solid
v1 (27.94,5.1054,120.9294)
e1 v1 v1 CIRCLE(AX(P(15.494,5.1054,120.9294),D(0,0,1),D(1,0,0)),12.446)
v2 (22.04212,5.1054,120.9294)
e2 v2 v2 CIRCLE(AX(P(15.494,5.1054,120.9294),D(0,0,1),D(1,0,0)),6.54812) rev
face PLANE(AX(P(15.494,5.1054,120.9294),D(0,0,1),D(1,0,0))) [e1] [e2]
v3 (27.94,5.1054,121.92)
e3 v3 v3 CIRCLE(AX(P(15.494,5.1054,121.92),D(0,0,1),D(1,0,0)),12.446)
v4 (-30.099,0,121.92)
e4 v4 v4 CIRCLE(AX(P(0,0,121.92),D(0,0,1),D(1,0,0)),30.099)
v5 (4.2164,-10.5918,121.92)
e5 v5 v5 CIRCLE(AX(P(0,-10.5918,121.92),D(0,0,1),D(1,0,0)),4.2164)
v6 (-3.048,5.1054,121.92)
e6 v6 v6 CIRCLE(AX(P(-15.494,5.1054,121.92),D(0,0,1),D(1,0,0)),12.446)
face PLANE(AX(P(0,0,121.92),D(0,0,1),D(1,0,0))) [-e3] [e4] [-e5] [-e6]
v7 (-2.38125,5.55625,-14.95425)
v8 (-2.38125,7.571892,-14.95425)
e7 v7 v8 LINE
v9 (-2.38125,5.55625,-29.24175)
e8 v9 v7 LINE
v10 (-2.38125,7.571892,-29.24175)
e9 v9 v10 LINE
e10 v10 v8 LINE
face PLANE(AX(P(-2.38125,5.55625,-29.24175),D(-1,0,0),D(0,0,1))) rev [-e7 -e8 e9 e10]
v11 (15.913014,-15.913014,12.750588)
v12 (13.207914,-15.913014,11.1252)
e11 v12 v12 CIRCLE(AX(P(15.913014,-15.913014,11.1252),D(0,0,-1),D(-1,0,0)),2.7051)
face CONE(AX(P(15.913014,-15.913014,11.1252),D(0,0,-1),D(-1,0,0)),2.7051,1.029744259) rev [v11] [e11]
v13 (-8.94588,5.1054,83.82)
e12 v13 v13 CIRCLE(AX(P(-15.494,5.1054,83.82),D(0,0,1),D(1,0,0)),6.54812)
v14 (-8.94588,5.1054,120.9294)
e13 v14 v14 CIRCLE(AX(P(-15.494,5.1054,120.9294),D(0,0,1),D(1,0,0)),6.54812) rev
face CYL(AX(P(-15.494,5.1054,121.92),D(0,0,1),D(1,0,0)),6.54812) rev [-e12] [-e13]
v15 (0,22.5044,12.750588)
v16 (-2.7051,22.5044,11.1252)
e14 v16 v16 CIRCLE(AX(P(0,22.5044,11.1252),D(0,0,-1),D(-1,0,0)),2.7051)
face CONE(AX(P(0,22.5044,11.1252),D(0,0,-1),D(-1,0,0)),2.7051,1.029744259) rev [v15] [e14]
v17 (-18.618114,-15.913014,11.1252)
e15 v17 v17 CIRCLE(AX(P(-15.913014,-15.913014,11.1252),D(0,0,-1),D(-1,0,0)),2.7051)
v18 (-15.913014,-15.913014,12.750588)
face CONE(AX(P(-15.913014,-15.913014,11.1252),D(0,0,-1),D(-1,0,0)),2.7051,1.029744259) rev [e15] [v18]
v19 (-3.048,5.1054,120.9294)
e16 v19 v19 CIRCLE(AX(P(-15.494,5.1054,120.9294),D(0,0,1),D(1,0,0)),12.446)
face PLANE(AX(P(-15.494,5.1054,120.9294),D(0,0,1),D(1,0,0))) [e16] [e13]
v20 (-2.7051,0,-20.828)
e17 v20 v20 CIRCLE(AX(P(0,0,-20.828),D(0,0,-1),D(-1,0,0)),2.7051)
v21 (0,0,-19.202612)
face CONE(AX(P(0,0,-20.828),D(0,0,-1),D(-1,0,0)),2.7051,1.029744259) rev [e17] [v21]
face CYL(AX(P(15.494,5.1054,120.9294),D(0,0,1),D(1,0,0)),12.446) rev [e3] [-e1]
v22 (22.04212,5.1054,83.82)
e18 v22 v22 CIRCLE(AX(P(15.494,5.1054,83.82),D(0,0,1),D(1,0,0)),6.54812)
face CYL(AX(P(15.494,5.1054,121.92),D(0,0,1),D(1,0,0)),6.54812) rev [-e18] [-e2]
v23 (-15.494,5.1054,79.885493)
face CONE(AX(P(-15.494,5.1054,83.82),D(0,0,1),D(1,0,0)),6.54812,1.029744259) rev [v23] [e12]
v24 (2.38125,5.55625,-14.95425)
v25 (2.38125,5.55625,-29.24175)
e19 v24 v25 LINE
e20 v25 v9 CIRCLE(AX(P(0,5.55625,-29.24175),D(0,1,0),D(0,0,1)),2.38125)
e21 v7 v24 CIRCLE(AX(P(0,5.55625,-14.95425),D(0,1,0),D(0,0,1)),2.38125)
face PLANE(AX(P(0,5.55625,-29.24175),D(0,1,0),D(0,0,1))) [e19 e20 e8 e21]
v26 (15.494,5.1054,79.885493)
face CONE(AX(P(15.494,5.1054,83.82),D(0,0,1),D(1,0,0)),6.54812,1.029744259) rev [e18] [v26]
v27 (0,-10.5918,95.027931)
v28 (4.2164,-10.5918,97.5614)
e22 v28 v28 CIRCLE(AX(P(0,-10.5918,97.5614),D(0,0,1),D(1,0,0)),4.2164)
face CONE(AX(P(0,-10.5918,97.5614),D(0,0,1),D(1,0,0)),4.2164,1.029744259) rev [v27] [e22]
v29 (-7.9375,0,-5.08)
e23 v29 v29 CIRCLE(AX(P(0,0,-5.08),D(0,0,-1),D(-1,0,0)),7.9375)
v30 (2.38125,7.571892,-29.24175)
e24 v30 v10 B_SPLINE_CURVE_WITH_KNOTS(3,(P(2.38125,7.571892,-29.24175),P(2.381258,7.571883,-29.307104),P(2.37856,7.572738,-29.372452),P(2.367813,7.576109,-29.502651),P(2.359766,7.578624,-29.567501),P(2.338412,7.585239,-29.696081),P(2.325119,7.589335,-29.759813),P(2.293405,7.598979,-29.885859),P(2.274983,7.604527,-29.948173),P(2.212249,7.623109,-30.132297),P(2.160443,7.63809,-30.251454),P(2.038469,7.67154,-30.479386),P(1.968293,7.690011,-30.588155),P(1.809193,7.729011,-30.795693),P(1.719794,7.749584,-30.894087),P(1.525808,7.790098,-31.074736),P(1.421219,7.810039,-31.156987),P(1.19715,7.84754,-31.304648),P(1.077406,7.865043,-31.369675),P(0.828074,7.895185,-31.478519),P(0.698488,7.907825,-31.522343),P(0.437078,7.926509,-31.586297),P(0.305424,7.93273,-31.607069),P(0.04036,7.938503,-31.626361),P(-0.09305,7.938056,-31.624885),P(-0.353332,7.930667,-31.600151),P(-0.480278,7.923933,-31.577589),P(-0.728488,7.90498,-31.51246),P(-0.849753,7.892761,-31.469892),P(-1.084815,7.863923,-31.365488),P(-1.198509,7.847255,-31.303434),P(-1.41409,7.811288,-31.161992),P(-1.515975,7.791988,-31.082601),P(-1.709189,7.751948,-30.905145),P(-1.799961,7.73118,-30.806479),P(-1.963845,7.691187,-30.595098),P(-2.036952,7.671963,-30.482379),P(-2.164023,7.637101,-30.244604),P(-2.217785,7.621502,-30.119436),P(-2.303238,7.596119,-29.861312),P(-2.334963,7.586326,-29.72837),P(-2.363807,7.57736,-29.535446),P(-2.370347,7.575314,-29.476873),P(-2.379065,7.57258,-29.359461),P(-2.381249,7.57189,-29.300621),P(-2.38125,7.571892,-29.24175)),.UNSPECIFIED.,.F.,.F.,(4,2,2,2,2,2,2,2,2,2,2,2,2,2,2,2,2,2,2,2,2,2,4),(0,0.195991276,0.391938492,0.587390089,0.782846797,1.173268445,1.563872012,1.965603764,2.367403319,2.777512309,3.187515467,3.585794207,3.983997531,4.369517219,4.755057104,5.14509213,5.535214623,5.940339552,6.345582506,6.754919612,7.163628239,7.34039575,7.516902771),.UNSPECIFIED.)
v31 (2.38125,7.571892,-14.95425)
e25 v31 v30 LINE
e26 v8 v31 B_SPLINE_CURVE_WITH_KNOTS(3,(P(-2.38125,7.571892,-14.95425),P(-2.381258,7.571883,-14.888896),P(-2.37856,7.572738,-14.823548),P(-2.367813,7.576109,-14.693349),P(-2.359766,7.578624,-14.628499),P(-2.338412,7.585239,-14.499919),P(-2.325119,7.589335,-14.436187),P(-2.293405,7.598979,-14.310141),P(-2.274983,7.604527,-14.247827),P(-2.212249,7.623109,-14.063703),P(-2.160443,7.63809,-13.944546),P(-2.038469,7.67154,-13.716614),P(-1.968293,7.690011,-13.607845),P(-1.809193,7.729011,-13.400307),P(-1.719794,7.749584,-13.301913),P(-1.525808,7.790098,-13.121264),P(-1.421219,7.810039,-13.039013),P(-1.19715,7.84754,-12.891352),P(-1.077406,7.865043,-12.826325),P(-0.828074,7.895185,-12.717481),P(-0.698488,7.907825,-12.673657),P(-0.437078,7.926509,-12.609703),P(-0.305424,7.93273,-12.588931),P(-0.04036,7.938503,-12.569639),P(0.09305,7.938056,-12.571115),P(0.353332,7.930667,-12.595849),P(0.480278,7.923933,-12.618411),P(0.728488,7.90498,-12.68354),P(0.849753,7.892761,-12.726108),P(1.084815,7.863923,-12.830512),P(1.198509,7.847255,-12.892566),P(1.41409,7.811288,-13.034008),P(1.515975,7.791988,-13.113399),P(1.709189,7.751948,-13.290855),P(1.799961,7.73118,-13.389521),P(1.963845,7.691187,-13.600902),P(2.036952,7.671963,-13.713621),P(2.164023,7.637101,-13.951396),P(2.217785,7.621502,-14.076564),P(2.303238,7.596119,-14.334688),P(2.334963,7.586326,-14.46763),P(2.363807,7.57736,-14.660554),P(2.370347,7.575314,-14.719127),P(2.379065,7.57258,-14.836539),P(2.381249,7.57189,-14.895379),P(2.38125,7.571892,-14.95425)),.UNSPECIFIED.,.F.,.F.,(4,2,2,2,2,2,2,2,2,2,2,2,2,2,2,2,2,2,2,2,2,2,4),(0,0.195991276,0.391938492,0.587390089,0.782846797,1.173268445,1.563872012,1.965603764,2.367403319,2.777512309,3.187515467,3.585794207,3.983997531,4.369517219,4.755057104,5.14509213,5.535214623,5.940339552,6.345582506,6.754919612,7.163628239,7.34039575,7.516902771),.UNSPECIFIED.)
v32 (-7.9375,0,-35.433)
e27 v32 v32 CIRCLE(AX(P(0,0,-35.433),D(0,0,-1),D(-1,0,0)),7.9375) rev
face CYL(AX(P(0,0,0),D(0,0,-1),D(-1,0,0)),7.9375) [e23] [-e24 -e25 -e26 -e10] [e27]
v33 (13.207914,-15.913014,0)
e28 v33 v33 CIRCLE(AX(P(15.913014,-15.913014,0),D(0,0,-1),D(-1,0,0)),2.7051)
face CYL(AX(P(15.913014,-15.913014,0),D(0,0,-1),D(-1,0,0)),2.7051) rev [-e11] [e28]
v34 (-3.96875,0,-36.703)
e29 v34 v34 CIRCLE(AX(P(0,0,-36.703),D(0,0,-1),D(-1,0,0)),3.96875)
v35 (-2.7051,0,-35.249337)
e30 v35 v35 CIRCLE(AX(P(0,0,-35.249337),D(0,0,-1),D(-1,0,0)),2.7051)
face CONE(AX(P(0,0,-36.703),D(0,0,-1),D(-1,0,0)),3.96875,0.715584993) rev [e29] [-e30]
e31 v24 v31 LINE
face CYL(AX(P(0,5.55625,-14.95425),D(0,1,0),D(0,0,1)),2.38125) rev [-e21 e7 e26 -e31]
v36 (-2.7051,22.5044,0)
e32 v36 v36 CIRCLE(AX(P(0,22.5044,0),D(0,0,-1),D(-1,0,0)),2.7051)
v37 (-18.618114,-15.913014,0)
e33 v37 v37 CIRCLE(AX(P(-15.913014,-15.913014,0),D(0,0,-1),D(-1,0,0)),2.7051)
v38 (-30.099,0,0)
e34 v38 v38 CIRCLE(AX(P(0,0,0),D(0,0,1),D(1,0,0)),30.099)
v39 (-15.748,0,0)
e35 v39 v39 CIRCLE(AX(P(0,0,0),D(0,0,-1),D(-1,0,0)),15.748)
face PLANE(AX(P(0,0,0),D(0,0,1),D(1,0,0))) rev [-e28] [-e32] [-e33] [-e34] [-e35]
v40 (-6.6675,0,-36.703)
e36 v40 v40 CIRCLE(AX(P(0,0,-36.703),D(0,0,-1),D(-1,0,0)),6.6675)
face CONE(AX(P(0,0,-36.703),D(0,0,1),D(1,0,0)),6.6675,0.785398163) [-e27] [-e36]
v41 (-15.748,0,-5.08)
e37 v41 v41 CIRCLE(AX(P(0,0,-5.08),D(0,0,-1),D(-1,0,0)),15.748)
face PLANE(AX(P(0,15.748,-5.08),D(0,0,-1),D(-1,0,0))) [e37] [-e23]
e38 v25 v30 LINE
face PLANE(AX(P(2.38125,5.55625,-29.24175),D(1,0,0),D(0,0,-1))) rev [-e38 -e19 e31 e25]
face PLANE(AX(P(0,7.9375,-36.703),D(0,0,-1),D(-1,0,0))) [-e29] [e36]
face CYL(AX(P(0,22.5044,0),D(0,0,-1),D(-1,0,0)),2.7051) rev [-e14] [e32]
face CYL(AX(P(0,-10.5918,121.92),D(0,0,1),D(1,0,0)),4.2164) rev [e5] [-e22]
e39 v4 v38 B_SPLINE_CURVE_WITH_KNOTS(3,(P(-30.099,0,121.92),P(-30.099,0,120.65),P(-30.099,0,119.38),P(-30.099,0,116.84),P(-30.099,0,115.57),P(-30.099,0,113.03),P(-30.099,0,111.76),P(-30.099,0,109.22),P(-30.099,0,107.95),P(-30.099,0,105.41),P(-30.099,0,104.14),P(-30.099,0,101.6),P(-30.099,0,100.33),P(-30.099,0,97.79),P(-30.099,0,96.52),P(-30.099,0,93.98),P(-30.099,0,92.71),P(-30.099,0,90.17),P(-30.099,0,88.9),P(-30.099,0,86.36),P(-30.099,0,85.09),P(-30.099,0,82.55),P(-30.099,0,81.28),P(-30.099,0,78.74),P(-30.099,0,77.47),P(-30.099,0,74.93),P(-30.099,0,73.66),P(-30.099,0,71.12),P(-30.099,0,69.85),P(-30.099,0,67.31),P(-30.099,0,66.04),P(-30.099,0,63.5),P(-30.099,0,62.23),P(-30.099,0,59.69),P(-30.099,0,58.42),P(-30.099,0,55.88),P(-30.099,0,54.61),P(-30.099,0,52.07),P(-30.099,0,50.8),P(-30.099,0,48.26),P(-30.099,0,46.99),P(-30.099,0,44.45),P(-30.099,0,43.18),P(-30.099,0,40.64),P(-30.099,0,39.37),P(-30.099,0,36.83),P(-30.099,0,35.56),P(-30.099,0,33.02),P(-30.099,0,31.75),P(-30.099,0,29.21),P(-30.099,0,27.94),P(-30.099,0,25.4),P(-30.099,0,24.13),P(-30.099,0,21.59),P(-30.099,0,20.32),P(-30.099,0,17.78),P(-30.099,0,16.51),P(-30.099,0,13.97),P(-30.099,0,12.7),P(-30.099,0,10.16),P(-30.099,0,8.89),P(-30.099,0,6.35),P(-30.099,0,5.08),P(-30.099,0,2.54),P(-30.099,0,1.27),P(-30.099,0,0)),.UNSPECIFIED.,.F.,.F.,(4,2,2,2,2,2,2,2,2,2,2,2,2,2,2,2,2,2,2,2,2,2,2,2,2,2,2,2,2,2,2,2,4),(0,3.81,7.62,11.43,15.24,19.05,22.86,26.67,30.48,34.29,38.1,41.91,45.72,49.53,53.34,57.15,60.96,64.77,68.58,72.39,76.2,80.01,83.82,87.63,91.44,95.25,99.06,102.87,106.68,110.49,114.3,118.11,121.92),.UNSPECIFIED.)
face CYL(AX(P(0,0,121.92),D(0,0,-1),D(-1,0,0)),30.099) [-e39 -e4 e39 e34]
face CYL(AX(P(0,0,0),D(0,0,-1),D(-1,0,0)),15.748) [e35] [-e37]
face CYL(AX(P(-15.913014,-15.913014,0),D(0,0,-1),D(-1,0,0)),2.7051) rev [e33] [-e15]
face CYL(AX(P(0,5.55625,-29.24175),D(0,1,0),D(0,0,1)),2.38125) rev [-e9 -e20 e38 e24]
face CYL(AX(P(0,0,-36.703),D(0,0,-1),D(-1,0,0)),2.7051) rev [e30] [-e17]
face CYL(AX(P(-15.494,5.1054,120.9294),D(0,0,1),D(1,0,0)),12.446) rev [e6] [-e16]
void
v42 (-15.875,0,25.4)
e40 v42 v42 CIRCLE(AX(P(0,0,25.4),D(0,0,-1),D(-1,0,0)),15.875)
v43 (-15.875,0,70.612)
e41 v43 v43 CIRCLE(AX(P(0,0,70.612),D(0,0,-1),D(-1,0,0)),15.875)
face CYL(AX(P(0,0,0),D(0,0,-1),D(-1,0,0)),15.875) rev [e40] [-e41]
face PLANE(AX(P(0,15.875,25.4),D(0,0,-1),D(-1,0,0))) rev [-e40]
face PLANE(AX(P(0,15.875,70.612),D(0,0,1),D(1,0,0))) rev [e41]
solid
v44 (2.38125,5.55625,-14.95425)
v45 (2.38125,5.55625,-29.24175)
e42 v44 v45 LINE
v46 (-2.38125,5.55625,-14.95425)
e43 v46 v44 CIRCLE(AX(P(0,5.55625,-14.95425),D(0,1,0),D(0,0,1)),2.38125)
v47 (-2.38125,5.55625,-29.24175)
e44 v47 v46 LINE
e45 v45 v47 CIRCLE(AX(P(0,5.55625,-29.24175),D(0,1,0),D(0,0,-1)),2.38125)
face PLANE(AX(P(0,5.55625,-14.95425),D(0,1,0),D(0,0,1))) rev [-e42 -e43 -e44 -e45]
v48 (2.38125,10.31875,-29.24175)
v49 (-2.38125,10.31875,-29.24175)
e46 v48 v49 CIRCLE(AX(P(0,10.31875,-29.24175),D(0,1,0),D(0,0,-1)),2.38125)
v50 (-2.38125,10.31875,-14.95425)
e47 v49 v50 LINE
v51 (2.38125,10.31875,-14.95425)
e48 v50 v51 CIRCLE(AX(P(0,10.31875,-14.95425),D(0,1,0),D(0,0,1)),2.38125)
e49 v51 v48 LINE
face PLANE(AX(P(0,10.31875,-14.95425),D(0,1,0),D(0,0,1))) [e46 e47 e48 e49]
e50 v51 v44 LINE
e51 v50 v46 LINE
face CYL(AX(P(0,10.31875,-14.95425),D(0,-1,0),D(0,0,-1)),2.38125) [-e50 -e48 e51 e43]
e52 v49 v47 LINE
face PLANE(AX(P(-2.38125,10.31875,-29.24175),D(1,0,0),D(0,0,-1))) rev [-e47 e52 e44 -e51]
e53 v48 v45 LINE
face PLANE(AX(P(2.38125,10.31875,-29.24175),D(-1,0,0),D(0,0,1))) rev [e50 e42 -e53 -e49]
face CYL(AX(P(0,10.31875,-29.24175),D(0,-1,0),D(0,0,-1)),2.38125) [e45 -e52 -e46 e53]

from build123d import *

# Parameters (mm, degrees)
SKETCH1_R                         = 30.099
BOSS_EXTRUDE1_DEPTH               = 121.92
CHAMFER1_SIZE                     = 1.27
CUT_EXTRUDE1_DEPTH                = 2.38125
BOSS_EXTRUDE2_DEPTH               = 4.7625
F_1_4_28_TAPPED_HOLE1_AT_2_COUNT  = 2
F_1_4_28_TAPPED_HOLE1_AT_2_PITCH  = 41.582709103
F_1_4_28_TAPPED_HOLE1_AT_3_COUNT  = 2
F_1_4_28_TAPPED_HOLE1_AT_3_PITCH  = 41.582709103
F_9_16_18_TAPPED_HOLE1_AT_2_COUNT = 2
F_9_16_18_TAPPED_HOLE1_AT_2_PITCH = 30.988
SKETCH11_R                        = 12.446
CUT_EXTRUDE2_DEPTH                = 0.9906
SKETCH14_W                        = 45.212
SKETCH14_H                        = 15.875


with BuildPart() as part:
    # Sketch1 → Boss-Extrude1 (new body)
    with BuildSketch(Plane.XY):
        Circle(SKETCH1_R)
    extrude(amount=BOSS_EXTRUDE1_DEPTH)

    # Sketch3 → Revolve1 (revolve)
    with BuildSketch(Plane(origin=(0, 0, 0), x_dir=(0, 0, -1), z_dir=(1, 0, 0))):
        Polygon((0, 15.748), (5.08, 15.748), (5.08, 7.9375), (36.703, 7.9375), (36.703, 0), (0, 0), align=None)
    revolve(axis=Axis((0, 0, 0), (0, 0, 1)))

    # Chamfer1
    chamfer1_edges = [part.edges().sort_by_distance(p)[0] for p in [
        (0, -7.9375, -36.703),
    ]]
    chamfer(chamfer1_edges, length=CHAMFER1_SIZE)

    # Sketch4 → Cut-Extrude1 (cut)
    with BuildSketch(Plane(origin=(0, 7.9375, 0), x_dir=(1, 0, 0), z_dir=(0, 1, 0))):
        with BuildLine():
            Line((2.38125, 29.24175), (2.38125, 14.95425))
            ThreePointArc((2.38125, 14.95425), (0, 12.573), (-2.38125, 14.95425))
            Line((-2.38125, 14.95425), (-2.38125, 29.24175))
            ThreePointArc((-2.38125, 29.24175), (0, 31.623), (2.38125, 29.24175))
        make_face()
    extrude(amount=-CUT_EXTRUDE1_DEPTH, mode=Mode.SUBTRACT)

    # Sketch7 → 1/4-28 Tapped Hole1 (revolve, cut)
    with BuildSketch(Plane(origin=(0, 22.5044, 0), x_dir=(0, 1, 0), z_dir=(1, 0, 0))):
        Polygon((0, 0), (0, 12.750588061), (2.7051, 11.1252), (2.7051, 0), align=None)
    f_1_4_28_tapped_hole1 = revolve(axis=Axis((0, 22.5044, -6.35), (0, 0, 1)), mode=Mode.SUBTRACT)

    # 1/4-28 Tapped Hole1 at 2: 1/4-28 Tapped Hole1 ×2
    with Locations(*[Vector(-0.3826834323650891, -0.9238795325112871, 0) * (i * F_1_4_28_TAPPED_HOLE1_AT_2_PITCH) for i in range(1, F_1_4_28_TAPPED_HOLE1_AT_2_COUNT)]):
        add(f_1_4_28_tapped_hole1, mode=Mode.SUBTRACT)

    # 1/4-28 Tapped Hole1 at 3: 1/4-28 Tapped Hole1 ×2
    with Locations(*[Vector(0.3826834323650891, -0.9238795325112871, 0) * (i * F_1_4_28_TAPPED_HOLE1_AT_3_PITCH) for i in range(1, F_1_4_28_TAPPED_HOLE1_AT_3_COUNT)]):
        add(f_1_4_28_tapped_hole1, mode=Mode.SUBTRACT)

    # Sketch9 → 9/16-18 Tapped Hole1 (revolve, cut)
    with BuildSketch(Plane(origin=(15.494, 5.1054, 121.92), x_dir=(0, -1, 0), z_dir=(1, 0, 0))):
        Polygon((0, 0), (0, 42.034507437), (6.54812, 38.1), (6.54812, 0), align=None)
    f_9_16_18_tapped_hole1 = revolve(axis=Axis((15.494, 5.1054, 128.27), (0, 0, -1)), mode=Mode.SUBTRACT)

    # 9/16-18 Tapped Hole1 at 2: 9/16-18 Tapped Hole1 ×2
    with Locations(*[(-i * F_9_16_18_TAPPED_HOLE1_AT_2_PITCH, 0, 0) for i in range(1, F_9_16_18_TAPPED_HOLE1_AT_2_COUNT)]):
        add(f_9_16_18_tapped_hole1, mode=Mode.SUBTRACT)

    # Sketch11 → Cut-Extrude2 (cut)
    with BuildSketch(Plane.XY.offset(121.92)):
        with Locations((-15.494, 5.1054)):
            Circle(SKETCH11_R)
        with Locations((15.494, 5.1054)):
            Circle(SKETCH11_R)
    extrude(amount=-CUT_EXTRUDE2_DEPTH, mode=Mode.SUBTRACT)

    # Sketch12 → 3/8-24 Tapped Hole1 (revolve, cut)
    with BuildSketch(Plane(origin=(0, -10.5918, 121.92), x_dir=(0, -1, 0), z_dir=(1, 0, 0))):
        Polygon((0, 0), (0, 26.892068714), (4.2164, 24.3586), (4.2164, 0), align=None)
    revolve(axis=Axis((0, -10.5918, 128.27), (0, 0, -1)), mode=Mode.SUBTRACT)

    # Sketch14 → Cut-Revolve1 (revolve, cut)
    with BuildSketch(Plane(origin=(0, 0, 0), x_dir=(0, 0, -1), z_dir=(1, 0, 0))):
        with Locations((-48.006, 7.9375)):
            Rectangle(SKETCH14_W, SKETCH14_H)
    revolve(axis=Axis((0, 0, 0), (0, 0, 1)), mode=Mode.SUBTRACT)

    # Sketch18 → 1/4-28 Tapped Hole2 (revolve, cut)
    with BuildSketch(Plane(origin=(0, 0, -36.703), x_dir=(0, 1, 0), z_dir=(1, 0, 0))):
        Polygon((0, 0), (0, 17.500388061), (2.7051, 15.875), (2.7051, 1.453663038), (3.96875, 0), align=None)
    revolve(axis=Axis((0, 0, -43.053), (0, 0, 1)), mode=Mode.SUBTRACT)


with BuildPart() as body_2:
    # Sketch5 → Boss-Extrude2 (new body)
    with BuildSketch(Plane(origin=(0, 5.55625, 0), x_dir=(1, 0, 0), z_dir=(0, 1, 0))):
        with BuildLine():
            Line((2.38125, 29.24175), (2.38125, 14.95425))
            ThreePointArc((2.38125, 14.95425), (0, 12.573), (-2.38125, 14.95425))
            Line((-2.38125, 14.95425), (-2.38125, 29.24175))
            ThreePointArc((-2.38125, 29.24175), (0, 31.623), (2.38125, 29.24175))
        make_face()
    extrude(amount=BOSS_EXTRUDE2_DEPTH)


solid = Compound([part.part, body_2.part])
